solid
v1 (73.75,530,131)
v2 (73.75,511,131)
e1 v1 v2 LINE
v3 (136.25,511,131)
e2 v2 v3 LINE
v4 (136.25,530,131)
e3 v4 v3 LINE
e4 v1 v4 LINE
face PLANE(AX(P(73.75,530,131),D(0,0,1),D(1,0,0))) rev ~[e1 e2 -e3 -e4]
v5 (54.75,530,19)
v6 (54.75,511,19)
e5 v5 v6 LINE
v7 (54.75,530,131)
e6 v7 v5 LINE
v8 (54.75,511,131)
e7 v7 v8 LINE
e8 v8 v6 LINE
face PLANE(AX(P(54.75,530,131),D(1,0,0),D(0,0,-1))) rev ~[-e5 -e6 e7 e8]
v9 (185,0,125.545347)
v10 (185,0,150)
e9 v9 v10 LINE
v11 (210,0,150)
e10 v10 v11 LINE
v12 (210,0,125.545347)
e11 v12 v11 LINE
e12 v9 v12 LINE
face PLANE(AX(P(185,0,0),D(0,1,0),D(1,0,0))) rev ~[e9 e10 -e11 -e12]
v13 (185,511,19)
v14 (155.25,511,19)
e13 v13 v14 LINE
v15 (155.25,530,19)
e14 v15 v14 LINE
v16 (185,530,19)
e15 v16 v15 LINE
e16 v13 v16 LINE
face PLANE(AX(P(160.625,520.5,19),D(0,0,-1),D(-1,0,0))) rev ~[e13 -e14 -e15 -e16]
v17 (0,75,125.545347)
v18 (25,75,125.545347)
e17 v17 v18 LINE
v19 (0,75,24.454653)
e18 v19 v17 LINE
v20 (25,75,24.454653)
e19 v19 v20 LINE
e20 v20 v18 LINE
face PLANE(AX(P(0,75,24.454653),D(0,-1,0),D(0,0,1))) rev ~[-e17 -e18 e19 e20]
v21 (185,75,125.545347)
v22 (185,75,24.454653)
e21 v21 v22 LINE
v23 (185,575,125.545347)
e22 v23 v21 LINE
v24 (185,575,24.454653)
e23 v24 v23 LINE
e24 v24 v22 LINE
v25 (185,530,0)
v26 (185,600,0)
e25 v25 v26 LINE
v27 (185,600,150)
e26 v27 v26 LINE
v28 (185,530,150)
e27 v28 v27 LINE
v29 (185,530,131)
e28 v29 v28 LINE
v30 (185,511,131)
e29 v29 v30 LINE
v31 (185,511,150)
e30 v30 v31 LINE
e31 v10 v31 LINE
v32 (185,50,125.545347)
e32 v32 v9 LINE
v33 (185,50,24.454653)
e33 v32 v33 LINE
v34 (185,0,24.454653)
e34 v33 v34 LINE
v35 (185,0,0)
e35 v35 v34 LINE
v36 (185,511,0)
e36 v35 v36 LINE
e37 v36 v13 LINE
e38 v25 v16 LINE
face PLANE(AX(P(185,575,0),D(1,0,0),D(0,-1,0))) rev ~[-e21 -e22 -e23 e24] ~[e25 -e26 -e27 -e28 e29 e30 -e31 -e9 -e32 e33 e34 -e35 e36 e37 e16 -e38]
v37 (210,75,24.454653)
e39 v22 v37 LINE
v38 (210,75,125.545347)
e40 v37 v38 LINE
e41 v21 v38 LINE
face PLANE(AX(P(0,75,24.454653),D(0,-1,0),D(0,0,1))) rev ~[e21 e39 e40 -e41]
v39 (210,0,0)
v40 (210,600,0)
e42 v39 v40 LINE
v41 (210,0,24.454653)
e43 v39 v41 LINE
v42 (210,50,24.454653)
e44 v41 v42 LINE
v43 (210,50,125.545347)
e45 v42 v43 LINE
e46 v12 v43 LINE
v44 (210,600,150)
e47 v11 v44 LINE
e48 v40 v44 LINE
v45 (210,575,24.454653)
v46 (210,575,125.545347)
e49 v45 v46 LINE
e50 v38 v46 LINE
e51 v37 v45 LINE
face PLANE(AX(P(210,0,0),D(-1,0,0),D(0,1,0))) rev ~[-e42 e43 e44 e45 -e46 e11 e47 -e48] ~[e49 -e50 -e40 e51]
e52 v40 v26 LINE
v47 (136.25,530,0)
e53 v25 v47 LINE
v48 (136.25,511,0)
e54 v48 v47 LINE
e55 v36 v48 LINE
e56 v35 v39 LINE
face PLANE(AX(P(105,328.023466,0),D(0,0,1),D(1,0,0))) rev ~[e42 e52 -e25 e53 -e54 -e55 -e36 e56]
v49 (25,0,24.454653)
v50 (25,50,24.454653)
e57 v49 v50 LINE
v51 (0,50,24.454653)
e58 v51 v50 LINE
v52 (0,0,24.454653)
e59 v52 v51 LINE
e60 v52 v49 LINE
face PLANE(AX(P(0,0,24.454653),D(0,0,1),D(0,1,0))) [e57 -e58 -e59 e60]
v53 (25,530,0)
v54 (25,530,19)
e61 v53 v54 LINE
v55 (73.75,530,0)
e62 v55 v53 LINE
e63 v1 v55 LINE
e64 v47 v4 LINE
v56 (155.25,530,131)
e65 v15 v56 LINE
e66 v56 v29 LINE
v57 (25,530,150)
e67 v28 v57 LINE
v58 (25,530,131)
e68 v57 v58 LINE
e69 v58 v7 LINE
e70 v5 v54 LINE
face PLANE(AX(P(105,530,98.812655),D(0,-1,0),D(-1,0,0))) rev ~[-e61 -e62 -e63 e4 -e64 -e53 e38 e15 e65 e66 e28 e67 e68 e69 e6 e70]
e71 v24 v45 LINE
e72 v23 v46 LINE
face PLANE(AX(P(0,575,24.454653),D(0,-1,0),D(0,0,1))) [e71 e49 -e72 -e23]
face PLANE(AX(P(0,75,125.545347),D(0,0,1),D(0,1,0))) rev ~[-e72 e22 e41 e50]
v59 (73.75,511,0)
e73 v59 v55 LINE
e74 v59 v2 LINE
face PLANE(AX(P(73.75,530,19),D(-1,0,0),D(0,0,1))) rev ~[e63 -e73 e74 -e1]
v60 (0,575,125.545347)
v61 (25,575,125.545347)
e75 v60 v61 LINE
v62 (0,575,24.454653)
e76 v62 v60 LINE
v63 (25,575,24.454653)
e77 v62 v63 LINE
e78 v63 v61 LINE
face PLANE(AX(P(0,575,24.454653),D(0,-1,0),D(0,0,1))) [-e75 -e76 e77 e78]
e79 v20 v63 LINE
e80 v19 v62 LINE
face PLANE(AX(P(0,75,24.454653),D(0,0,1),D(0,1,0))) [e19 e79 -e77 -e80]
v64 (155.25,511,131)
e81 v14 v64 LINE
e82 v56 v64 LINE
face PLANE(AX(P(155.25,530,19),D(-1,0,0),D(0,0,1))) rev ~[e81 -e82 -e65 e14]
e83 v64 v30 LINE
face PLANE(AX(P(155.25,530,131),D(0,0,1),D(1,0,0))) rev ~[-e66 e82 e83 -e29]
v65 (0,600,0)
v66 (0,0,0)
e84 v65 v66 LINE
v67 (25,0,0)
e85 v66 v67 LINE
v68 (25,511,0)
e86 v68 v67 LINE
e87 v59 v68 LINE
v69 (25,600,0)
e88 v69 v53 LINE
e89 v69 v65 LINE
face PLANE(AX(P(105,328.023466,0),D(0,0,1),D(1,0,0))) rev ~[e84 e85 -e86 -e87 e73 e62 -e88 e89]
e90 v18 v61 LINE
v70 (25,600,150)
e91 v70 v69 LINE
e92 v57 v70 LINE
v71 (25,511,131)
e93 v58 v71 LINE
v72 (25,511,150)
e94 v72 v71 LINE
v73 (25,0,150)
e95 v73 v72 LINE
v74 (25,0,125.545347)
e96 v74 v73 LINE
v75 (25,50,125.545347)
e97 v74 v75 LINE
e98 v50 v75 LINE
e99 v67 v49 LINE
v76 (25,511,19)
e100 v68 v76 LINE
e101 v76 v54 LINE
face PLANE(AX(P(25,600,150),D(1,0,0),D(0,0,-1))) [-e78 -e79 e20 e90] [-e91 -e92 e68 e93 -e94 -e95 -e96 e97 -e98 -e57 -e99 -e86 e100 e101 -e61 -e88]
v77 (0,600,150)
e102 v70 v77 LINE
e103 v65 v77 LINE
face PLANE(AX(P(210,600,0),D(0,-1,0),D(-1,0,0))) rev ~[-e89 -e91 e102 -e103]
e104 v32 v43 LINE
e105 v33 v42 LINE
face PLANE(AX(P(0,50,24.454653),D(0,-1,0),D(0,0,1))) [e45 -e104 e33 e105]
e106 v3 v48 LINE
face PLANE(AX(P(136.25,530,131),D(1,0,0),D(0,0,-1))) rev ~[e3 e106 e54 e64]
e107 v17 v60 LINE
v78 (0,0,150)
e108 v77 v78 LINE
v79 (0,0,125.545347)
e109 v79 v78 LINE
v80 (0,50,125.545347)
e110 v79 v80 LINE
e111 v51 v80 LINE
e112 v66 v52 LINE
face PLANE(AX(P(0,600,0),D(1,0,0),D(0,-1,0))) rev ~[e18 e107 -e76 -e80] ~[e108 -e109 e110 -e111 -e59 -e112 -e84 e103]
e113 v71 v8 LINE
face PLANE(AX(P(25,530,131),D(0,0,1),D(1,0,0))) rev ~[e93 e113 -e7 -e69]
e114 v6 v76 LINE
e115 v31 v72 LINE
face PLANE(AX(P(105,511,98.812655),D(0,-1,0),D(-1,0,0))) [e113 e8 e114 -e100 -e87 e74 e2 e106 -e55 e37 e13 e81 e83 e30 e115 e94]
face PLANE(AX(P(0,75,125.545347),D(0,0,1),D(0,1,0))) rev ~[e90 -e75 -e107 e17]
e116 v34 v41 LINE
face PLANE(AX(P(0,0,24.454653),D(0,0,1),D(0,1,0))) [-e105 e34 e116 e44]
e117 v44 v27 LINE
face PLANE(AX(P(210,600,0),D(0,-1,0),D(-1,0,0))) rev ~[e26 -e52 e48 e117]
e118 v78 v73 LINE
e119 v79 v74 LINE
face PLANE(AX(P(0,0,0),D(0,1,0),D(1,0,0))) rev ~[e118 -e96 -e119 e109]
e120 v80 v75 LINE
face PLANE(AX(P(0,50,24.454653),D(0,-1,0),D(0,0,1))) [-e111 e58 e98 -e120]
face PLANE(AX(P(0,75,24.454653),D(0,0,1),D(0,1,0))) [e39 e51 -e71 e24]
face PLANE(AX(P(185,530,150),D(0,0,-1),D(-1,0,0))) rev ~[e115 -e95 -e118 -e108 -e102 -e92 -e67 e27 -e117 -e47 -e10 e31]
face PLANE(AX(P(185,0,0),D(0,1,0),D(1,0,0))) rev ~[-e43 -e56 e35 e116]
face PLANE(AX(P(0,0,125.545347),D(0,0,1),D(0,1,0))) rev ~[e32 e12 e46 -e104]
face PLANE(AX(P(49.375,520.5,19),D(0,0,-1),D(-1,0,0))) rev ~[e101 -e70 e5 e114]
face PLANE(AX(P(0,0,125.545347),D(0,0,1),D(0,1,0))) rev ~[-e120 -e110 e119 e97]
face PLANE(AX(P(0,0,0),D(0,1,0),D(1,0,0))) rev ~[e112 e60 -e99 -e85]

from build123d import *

# Parameters (mm, degrees)
BOSS_EXTRUDE5_DEPTH = 150
SKETCH6_W           = 101.090693468
SKETCH6_H           = 50
SKETCH6_H_2         = 500
CUT_EXTRUDE1_DEPTH  = 654.146231712
CUT_EXTRUDE2_REACH  = 655.146
SKETCH7_W           = 160
SKETCH7_H           = 150
SKETCH8_W           = 48.75
SKETCH8_H           = 19
BOSS_EXTRUDE6_DEPTH = 19
BOSS_EXTRUDE8_DEPTH = 19


with BuildPart() as part:
    # Sketch5 → Boss-Extrude5 (new body)
    with BuildSketch(Plane.XY):
        Polygon((0, 600), (0, 0), (25, 0), (25, 575), (185, 575), (185, 0), (210, 0), (210, 600), align=None)
    extrude(amount=BOSS_EXTRUDE5_DEPTH)

    # Sketch6 → Cut-Extrude1 (cut, through all)
    with BuildSketch(Plane.ZY):
        with Locations((75, 25)):
            Rectangle(SKETCH6_W, SKETCH6_H)
        with Locations((75, 325)):
            Rectangle(SKETCH6_W, SKETCH6_H_2)
    extrude(amount=-CUT_EXTRUDE1_DEPTH, mode=Mode.SUBTRACT)

    # Sketch7 → Cut-Extrude2 (cut, up to next)
    with BuildSketch(Plane(origin=(0, 600, 0), x_dir=(1, 0, 0), z_dir=(0, 1, 0)), mode=Mode.PRIVATE) as cut_extrude2_sk1:
        with Locations((105, -75)):
            Rectangle(SKETCH7_W, SKETCH7_H)
    cut_extrude2_tool1 = extrude(cut_extrude2_sk1.sketch, amount=-CUT_EXTRUDE2_REACH, mode=Mode.PRIVATE) & part.part
    add(cut_extrude2_tool1.solids().sort_by_distance((105, 600, 75))[0], mode=Mode.SUBTRACT)


with BuildPart() as cut_extrude2_piece_1:
    # of the separate pieces the step leaves, piece 1, a body of its own (cut_extrude2_pieces)
    add(part.part.solids().sort_by_distance((0, 600, 0))[0])

    # Sketch8 → Boss-Extrude6 (add)
    with BuildSketch(Plane(origin=(0, 0, 0), x_dir=(-1, 0, 0), z_dir=(0, 0, -1))):
        with Locations((-160.625, 520.5)):
            Rectangle(SKETCH8_W, SKETCH8_H)
        with Locations((-49.375, 520.5)):
            Rectangle(SKETCH8_W, SKETCH8_H)
    extrude(amount=-BOSS_EXTRUDE6_DEPTH)


with BuildPart() as cut_extrude2_piece_2:
    # of the separate pieces the step leaves, piece 2, a body of its own (cut_extrude2_pieces)
    add(part.part.solids().sort_by_distance((210, 600, 0))[0])



with BuildPart() as boss_extrude6_piece_1:
    # of the separate pieces the step leaves, piece 1, a body of its own (boss_extrude6_pieces)
    add(cut_extrude2_piece_1.part.solids().sort_by_distance((0, 600, 0))[0])


with BuildPart() as boss_extrude6_piece_2:
    # of the separate pieces the step leaves, piece 2, a body of its own (boss_extrude6_pieces)
    add(cut_extrude2_piece_1.part.solids().sort_by_distance((136.25, 530, 0))[0])


with BuildPart() as cut_extrude2_piece_2_1:
    add(cut_extrude2_piece_2.part)

    add(boss_extrude6_piece_1.part)  # Boss-Extrude8 merges Boss-Extrude6 piece 1

    add(boss_extrude6_piece_2.part)  # Boss-Extrude8 merges Boss-Extrude6 piece 2
    # Sketch10 → Boss-Extrude8 (add)
    with BuildSketch(Plane(origin=(0, 530, 0), x_dir=(1, 0, 0), z_dir=(0, 1, 0))):
        Polygon((185, -150), (25, -150), (25, -131), (54.75, -131), (54.75, -19), (73.75, -19), (73.75, -131), (136.25, -131), (136.25, -19), (155.25, -19), (155.25, -131), (185, -131), align=None)
    extrude(amount=-BOSS_EXTRUDE8_DEPTH)


solid = cut_extrude2_piece_2_1.part
